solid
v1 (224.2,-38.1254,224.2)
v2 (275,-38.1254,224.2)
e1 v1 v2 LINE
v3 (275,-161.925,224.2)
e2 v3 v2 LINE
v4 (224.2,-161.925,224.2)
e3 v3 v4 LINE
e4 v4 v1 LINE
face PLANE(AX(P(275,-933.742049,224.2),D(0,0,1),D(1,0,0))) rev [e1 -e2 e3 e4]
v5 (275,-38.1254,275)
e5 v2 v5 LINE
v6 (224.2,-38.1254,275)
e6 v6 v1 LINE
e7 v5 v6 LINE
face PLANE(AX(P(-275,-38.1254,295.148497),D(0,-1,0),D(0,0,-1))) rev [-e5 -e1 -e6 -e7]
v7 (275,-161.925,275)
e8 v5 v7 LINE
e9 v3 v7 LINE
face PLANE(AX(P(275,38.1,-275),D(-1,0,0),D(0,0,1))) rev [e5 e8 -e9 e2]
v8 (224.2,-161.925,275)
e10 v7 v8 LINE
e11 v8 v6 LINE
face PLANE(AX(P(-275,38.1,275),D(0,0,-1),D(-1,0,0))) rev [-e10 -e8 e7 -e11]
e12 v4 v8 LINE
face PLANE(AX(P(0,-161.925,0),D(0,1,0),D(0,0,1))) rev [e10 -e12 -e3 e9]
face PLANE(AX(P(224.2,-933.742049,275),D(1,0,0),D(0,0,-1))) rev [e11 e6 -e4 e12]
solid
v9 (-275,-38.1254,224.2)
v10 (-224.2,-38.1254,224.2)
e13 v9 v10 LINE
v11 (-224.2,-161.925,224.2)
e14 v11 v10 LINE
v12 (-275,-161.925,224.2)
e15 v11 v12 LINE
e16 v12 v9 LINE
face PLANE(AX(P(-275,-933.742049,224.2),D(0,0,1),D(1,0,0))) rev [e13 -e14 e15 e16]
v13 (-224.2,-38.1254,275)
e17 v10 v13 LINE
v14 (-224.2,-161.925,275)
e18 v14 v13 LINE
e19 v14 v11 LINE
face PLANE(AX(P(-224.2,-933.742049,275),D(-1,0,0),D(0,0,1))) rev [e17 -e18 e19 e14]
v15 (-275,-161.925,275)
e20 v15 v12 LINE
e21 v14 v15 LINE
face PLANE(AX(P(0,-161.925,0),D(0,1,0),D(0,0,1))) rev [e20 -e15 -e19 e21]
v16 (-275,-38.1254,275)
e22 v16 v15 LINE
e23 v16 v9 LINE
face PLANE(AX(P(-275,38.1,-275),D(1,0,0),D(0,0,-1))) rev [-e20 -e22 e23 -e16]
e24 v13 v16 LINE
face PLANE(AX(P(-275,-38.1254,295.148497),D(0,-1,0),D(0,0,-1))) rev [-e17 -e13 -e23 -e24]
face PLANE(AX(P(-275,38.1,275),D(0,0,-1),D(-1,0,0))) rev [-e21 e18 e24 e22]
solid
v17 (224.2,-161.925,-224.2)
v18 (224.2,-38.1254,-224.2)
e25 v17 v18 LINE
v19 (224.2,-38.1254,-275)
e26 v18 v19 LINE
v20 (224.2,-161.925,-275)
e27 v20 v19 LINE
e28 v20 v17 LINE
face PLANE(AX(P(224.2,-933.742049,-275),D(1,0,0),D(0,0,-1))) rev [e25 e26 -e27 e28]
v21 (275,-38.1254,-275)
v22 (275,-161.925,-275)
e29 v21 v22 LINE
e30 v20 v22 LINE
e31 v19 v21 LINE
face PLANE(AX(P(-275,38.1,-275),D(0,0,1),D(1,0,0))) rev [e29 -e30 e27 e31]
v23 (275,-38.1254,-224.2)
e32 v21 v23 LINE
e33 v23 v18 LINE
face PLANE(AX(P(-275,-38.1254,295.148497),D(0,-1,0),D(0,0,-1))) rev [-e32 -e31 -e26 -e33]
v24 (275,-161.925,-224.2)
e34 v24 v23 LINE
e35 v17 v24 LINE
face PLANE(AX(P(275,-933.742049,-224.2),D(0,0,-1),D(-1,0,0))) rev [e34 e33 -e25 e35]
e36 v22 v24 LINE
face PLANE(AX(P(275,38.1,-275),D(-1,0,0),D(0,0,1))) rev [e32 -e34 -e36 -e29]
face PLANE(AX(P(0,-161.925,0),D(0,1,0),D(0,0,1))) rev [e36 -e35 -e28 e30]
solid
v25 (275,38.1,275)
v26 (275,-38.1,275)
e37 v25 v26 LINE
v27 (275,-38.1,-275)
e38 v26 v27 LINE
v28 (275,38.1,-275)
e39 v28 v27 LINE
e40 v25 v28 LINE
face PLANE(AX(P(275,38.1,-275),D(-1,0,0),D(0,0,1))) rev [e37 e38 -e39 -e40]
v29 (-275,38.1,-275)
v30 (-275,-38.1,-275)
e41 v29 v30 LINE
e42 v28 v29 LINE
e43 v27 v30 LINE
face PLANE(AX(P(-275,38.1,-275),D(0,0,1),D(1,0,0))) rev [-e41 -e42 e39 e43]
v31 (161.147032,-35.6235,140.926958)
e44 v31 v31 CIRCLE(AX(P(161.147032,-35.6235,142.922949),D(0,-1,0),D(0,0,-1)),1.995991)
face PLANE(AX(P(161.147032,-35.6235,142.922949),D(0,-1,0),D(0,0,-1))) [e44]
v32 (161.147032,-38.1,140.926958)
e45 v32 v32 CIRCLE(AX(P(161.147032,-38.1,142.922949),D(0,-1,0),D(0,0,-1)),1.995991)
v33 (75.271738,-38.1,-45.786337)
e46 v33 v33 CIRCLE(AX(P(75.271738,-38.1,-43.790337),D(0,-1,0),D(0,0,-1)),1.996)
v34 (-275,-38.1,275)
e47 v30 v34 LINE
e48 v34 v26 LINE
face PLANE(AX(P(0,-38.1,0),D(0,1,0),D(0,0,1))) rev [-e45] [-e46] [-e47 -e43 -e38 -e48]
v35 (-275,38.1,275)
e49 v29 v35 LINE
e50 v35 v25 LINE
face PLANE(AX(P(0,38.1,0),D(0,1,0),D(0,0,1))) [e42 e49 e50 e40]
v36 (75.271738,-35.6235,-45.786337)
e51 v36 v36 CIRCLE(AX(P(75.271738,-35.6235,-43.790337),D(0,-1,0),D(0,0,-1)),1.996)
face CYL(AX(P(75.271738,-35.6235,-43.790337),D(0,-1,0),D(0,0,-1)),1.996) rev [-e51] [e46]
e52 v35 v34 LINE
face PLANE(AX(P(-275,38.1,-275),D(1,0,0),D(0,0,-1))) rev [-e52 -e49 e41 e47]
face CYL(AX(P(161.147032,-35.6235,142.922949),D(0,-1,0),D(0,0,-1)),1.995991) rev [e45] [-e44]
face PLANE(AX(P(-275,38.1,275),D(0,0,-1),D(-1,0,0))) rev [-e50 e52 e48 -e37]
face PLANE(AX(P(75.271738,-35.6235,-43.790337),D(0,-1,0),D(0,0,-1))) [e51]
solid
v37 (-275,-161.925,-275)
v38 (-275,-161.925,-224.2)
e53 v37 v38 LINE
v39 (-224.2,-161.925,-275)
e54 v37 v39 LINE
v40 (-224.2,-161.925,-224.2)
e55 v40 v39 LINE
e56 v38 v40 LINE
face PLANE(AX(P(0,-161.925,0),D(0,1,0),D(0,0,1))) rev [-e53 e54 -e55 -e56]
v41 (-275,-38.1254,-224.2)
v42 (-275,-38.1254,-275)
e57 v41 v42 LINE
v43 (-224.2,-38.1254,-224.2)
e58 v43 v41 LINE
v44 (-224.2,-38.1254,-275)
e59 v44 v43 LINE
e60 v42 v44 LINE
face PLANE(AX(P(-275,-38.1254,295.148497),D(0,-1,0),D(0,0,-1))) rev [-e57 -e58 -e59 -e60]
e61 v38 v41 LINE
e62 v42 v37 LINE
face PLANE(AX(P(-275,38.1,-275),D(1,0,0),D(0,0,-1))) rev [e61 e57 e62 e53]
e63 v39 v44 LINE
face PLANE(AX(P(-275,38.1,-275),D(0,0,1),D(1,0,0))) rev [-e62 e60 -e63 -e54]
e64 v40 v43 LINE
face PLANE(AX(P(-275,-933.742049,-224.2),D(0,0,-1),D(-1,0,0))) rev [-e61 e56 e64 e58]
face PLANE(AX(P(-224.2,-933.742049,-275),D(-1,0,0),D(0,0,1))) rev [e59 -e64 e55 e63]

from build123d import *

# Parameters (mm, degrees)
SKETCH3_W               = 550
SKETCH3_H               = 550
BOSS_EXTRUDE2_DEPTH     = 38.1
SKETCH5_W               = 50.8
SKETCH5_H               = 50.8
BOSS_EXTRUDE3_DEPTH     = 373.8
CUT_EXTRUDE1_DEPTH      = 741.126077098
CUT_EXTRUDE1_DEPTH_BACK = 741.126077098
SKETCH6_W               = 655.630835137
SKETCH6_H               = 0.0254
SKETCH7_W               = 550
SKETCH7_H               = 550
CUT_EXTRUDE2_DEPTH      = 249.975
SKETCH8_R               = 1.995991075
SKETCH8_R_2             = 1.996000028
CUT_EXTRUDE3_DEPTH      = 2.4765


with BuildPart() as part:
    # Sketch3 → Boss-Extrude2 (new, symmetric)
    with BuildSketch(Plane(origin=(0, 0, 0), x_dir=(1, 0, 0), z_dir=(0, 1, 0))):
        Rectangle(SKETCH3_W, SKETCH3_H)
    extrude(amount=BOSS_EXTRUDE2_DEPTH, both=True)

    # Sketch5 → Boss-Extrude3 (add)
    with BuildSketch(Plane.XZ.offset(38.1)):
        with Locations((249.6, 249.6)):
            Rectangle(SKETCH5_W, SKETCH5_H)
        with Locations((249.6, -249.6)):
            Rectangle(SKETCH5_W, SKETCH5_H)
        with Locations((-249.6, -249.6)):
            Rectangle(SKETCH5_W, SKETCH5_H)
        with Locations((-249.6, 249.6)):
            Rectangle(SKETCH5_W, SKETCH5_H)
    extrude(amount=BOSS_EXTRUDE3_DEPTH)

    # Sketch6 → Cut-Extrude1 (cut, two sides: drawn at the far end of the back side and taken through both)
    with BuildSketch(Plane(origin=(275, 0, 0), x_dir=(0, 0, -1), z_dir=(1, 0, 0)).offset(-CUT_EXTRUDE1_DEPTH_BACK)):
        with Locations((32.666920981, -38.1127)):
            Rectangle(SKETCH6_W, SKETCH6_H)
    extrude(amount=CUT_EXTRUDE1_DEPTH + CUT_EXTRUDE1_DEPTH_BACK, mode=Mode.SUBTRACT)


with BuildPart() as cut_extrude1_piece_1:
    # of the separate pieces the step leaves, piece 1, a body of its own (cut_extrude1_pieces)
    add(part.part.solids().sort_by_distance((-275, -38.1, -275))[0])

    # Sketch8 → Cut-Extrude3 (cut)
    with BuildSketch(Plane.XZ.offset(38.1)):
        with Locations(Location((161.147032428, 142.922948736, 0), (0, 0, 270))):
            Circle(SKETCH8_R)
        with Locations(Location((75.271738487, -43.7903374, 0), (0, 0, 270))):
            Circle(SKETCH8_R_2)
    extrude(amount=-CUT_EXTRUDE3_DEPTH, mode=Mode.SUBTRACT)


with BuildPart() as cut_extrude1_piece_2:
    # of the separate pieces the step leaves, piece 2, a body of its own (cut_extrude1_pieces)
    add(part.part.solids().sort_by_distance((275, -38.1254, 224.2))[0])


with BuildPart() as cut_extrude1_piece_3:
    # of the separate pieces the step leaves, piece 3, a body of its own (cut_extrude1_pieces)
    add(part.part.solids().sort_by_distance((-275, -411.9, 275))[0])


with BuildPart() as cut_extrude1_piece_4:
    # of the separate pieces the step leaves, piece 4, a body of its own (cut_extrude1_pieces)
    add(part.part.solids().sort_by_distance((-275, -411.9, -275))[0])


with BuildPart() as cut_extrude1_piece_5:
    # of the separate pieces the step leaves, piece 5, a body of its own (cut_extrude1_pieces)
    add(part.part.solids().sort_by_distance((224.2, -38.1254, -275))[0])


with BuildPart() as cut_extrude2_tool:
    # Sketch7 → Cut-Extrude2 (new body)
    with BuildSketch(Plane.XZ.offset(411.9)):
        Rectangle(SKETCH7_W, SKETCH7_H)
    extrude(amount=-CUT_EXTRUDE2_DEPTH)


with BuildPart() as cut_extrude1_piece_2_1:
    add(cut_extrude1_piece_2.part)

    # Cut-Extrude2: cut by cut_extrude2_tool
    add(cut_extrude2_tool.part, mode=Mode.SUBTRACT)


with BuildPart() as cut_extrude1_piece_3_1:
    add(cut_extrude1_piece_3.part)

    # Cut-Extrude2: cut by cut_extrude2_tool
    add(cut_extrude2_tool.part, mode=Mode.SUBTRACT)


with BuildPart() as cut_extrude1_piece_4_1:
    add(cut_extrude1_piece_4.part)

    # Cut-Extrude2: cut by cut_extrude2_tool
    add(cut_extrude2_tool.part, mode=Mode.SUBTRACT)


with BuildPart() as cut_extrude1_piece_5_1:
    add(cut_extrude1_piece_5.part)

    # Cut-Extrude2: cut by cut_extrude2_tool
    add(cut_extrude2_tool.part, mode=Mode.SUBTRACT)


solid = Compound([cut_extrude1_piece_1.part, cut_extrude1_piece_2_1.part, cut_extrude1_piece_3_1.part, cut_extrude1_piece_4_1.part, cut_extrude1_piece_5_1.part])
